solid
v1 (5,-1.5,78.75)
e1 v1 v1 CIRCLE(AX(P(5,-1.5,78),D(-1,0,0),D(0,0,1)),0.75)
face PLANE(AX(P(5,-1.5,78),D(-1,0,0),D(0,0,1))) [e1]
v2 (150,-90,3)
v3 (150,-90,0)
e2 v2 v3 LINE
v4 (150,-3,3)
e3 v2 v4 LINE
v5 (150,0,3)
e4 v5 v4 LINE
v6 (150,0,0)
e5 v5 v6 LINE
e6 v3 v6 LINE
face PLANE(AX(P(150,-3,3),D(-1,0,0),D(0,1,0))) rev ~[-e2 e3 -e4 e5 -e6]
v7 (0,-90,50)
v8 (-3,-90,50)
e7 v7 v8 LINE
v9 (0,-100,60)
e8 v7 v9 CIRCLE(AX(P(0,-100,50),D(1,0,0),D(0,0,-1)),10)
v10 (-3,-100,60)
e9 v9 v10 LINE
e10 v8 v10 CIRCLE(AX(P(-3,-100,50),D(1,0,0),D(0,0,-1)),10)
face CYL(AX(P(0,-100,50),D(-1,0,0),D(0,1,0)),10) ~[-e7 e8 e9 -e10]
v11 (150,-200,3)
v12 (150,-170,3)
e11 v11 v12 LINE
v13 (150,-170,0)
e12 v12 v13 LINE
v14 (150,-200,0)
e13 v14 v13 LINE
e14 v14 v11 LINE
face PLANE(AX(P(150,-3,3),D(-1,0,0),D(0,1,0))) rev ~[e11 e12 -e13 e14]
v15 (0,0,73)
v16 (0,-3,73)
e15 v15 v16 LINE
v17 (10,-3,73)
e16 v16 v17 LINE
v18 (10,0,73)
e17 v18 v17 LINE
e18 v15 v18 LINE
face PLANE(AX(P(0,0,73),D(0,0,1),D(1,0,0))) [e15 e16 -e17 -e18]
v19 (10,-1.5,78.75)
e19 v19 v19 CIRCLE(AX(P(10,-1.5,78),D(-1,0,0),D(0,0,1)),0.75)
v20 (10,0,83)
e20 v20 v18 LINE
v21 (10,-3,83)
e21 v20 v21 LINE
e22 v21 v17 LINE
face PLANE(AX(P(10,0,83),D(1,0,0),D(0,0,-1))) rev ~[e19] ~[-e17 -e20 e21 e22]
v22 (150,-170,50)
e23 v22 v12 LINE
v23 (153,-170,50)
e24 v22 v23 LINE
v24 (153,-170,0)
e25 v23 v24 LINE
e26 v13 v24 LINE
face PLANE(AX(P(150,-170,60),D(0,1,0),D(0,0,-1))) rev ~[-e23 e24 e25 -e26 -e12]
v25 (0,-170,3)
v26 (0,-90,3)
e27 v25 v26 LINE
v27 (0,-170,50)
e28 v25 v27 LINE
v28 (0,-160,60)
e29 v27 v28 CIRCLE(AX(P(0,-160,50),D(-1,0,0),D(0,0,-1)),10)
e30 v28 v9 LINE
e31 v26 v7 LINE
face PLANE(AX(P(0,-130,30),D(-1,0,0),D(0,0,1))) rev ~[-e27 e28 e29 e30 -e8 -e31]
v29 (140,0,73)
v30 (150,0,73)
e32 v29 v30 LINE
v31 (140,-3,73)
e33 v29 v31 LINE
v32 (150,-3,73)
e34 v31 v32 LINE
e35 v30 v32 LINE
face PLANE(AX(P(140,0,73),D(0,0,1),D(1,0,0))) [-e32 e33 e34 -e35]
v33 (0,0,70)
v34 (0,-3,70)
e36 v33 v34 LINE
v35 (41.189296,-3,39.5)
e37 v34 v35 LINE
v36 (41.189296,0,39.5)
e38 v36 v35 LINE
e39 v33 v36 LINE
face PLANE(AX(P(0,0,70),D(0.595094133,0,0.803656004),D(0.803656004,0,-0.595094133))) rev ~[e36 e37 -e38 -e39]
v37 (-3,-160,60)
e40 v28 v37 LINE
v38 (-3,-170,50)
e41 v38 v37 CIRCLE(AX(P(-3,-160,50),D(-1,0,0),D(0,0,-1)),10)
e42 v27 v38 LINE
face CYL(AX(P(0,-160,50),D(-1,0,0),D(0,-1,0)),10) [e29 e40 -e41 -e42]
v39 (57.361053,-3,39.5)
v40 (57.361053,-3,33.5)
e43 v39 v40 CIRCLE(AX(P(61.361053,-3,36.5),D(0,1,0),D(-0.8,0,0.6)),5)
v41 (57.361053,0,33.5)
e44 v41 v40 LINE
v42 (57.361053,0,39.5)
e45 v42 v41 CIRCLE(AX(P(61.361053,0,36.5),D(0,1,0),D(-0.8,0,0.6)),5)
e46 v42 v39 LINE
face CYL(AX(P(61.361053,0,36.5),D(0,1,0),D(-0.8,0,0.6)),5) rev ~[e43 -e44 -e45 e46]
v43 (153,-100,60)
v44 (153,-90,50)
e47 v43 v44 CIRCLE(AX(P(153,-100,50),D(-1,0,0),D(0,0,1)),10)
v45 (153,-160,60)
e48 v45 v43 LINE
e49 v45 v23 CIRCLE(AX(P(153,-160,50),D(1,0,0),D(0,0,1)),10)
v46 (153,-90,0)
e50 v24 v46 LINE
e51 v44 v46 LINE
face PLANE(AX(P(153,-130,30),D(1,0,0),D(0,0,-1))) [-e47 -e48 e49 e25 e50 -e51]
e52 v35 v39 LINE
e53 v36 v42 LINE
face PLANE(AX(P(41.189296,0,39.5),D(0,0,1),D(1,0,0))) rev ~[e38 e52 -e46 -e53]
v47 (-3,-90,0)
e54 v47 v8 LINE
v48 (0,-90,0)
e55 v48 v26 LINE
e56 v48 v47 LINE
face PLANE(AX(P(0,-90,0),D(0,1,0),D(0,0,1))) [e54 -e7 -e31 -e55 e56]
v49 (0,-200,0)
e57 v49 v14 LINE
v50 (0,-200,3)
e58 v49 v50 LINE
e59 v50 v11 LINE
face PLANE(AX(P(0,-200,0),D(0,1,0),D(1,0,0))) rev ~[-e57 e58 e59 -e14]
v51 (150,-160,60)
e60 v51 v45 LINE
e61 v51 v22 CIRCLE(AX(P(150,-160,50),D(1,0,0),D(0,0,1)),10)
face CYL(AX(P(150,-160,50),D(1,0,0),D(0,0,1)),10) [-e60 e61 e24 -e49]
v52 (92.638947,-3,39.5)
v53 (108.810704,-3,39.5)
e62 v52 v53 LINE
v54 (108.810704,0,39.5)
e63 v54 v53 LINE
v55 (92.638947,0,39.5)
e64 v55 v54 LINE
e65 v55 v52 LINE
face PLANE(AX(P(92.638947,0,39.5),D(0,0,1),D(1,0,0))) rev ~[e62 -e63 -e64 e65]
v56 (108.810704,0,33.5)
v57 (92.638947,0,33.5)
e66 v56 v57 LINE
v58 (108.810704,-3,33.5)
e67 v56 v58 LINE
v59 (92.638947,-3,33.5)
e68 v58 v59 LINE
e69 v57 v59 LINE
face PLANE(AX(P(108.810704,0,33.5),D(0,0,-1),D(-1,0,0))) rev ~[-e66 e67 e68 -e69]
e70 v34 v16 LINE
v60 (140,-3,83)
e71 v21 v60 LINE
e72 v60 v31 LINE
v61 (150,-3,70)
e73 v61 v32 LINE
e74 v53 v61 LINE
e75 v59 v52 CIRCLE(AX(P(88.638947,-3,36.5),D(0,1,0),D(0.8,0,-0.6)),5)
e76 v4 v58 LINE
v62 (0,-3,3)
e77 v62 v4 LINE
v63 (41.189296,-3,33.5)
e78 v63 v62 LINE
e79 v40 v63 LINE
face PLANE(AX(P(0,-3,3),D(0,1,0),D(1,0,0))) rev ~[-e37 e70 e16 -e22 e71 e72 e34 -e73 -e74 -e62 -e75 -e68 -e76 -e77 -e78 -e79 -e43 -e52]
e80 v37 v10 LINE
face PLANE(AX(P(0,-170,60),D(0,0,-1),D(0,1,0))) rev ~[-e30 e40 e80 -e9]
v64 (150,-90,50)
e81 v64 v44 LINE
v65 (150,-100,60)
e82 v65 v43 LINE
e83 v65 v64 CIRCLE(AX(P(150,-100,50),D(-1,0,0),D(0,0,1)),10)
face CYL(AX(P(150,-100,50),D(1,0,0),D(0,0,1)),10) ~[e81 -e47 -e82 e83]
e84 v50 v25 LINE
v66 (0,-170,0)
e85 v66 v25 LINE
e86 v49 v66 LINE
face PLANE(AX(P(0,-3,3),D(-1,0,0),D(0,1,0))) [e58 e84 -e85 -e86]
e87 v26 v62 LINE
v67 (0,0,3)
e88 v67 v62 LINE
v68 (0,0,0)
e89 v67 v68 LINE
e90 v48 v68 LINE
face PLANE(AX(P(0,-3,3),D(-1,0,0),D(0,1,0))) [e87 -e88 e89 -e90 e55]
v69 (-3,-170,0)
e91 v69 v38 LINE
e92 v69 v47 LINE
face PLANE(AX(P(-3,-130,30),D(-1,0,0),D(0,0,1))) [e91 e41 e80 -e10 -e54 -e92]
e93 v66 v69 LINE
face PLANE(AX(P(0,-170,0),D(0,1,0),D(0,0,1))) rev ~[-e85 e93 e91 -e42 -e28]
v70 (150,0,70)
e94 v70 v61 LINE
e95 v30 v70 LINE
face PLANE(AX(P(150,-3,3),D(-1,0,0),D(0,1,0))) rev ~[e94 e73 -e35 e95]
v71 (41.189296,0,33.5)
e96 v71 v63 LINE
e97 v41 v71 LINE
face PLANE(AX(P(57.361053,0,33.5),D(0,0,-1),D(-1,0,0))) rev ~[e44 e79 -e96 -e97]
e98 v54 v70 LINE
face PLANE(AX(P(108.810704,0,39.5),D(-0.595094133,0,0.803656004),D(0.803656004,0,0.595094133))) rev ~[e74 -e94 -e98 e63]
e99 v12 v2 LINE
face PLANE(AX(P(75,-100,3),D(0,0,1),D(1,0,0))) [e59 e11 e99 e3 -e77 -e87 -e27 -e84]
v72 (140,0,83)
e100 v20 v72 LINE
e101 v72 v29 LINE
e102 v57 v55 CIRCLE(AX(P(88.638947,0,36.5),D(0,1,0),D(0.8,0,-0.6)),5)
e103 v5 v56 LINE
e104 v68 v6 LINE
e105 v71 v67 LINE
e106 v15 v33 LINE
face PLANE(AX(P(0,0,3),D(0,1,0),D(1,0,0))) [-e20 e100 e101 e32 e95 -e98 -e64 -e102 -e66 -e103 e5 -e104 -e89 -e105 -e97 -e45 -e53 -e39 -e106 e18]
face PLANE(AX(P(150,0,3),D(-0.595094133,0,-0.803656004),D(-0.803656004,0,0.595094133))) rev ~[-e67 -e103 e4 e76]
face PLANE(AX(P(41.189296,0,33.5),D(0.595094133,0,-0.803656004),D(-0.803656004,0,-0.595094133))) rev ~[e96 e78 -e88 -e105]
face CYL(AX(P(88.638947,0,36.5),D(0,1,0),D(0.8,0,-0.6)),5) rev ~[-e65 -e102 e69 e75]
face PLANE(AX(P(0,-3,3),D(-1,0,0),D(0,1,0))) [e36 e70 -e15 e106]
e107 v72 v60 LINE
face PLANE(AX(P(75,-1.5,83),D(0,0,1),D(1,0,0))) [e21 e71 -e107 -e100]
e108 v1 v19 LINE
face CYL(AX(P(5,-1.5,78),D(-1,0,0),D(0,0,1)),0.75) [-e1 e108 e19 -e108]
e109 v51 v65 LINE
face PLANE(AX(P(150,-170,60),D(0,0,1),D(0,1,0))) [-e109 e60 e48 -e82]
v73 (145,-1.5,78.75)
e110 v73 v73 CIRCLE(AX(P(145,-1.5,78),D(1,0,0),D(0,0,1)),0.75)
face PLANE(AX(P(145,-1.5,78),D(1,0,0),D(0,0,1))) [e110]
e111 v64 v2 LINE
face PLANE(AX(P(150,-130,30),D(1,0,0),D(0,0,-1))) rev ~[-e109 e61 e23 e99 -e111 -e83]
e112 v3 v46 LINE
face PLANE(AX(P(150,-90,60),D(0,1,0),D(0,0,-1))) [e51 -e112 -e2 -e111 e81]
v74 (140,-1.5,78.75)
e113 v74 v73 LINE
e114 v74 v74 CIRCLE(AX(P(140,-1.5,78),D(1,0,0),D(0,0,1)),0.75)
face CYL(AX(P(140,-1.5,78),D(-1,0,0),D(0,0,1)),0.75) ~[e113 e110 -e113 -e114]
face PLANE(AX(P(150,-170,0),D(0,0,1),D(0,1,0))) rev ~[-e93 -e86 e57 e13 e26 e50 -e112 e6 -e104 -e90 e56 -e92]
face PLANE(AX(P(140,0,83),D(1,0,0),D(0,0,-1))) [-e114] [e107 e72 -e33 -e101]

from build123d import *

# Parameters (mm, degrees)
ESQUISSE1_W             = 150
ESQUISSE1_H             = 200
BOSS_EXTRU_1_DEPTH      = 3
ESQUISSE2_W             = 150
ESQUISSE2_H             = 3
BOSS_EXTRU_2_DEPTH      = 80
ESQUISSE3_W             = 10
ESQUISSE3_H             = 10
ENL_V_MAT_EXTRU_1_DEPTH = 80
ESQUISSE4_R             = 0.75
BOSS_EXTRU_3_DEPTH      = 5
BOSS_EXTRU_5_START      = 5
ESQUISSE6_R             = 0.75
BOSS_EXTRU_5_DEPTH      = 5
ENL_V_MAT_EXTRU_2_DEPTH = 3
ESQUISSE10_W            = 60
ESQUISSE10_H            = 80
BOSS_EXTRU_9_DEPTH      = 3
ESQUISSE11_W            = 60
ESQUISSE11_H            = 80
BOSS_EXTRU_10_DEPTH     = 3
CONG_1_R                = 10


with BuildPart() as part:
    # Esquisse1 → Boss.-Extru.1 (new body)
    with BuildSketch(Plane.XY):
        with Locations((75, -100)):
            Rectangle(ESQUISSE1_W, ESQUISSE1_H)
    extrude(amount=BOSS_EXTRU_1_DEPTH)

    # Esquisse2 → Boss.-Extru.2 (add)
    with BuildSketch(Plane.XY.offset(3)):
        with Locations((75, -1.5)):
            Rectangle(ESQUISSE2_W, ESQUISSE2_H)
    extrude(amount=BOSS_EXTRU_2_DEPTH)

    # Esquisse3 → Enlèv. mat.-Extru.1 (cut)
    with BuildSketch(Plane(origin=(0, 0, 0), x_dir=(1, 0, 0), z_dir=(0, 1, 0))):
        with Locations((5, -78)):
            Rectangle(ESQUISSE3_W, ESQUISSE3_H)
        with Locations((145, -78)):
            Rectangle(ESQUISSE3_W, ESQUISSE3_H)
    extrude(amount=-ENL_V_MAT_EXTRU_1_DEPTH, mode=Mode.SUBTRACT)

    # Esquisse4 → Boss.-Extru.3 (add)
    with BuildSketch(Plane(origin=(140, 0, 0), x_dir=(0, 0, -1), z_dir=(1, 0, 0))):
        with Locations(Location((-78, -1.5, 0), (0, 0, 180))):
            Circle(ESQUISSE4_R)
    extrude(amount=BOSS_EXTRU_3_DEPTH)

    # Esquisse6 → Boss.-Extru.5 (add)
    with BuildSketch(Plane.ZY.offset(-10).offset(BOSS_EXTRU_5_START)):
        with Locations((78, -1.5)):
            Circle(ESQUISSE6_R)
    extrude(amount=-BOSS_EXTRU_5_DEPTH)

    # Esquisse9 → Enlèv. mat.-Extru.2 (cut)
    with BuildSketch(Plane(origin=(0, 0, 0), x_dir=(1, 0, 0), z_dir=(0, 1, 0))):
        with BuildLine():
            Line((41.1892956, -33.5), (0, -3))
            Line((0, -3), (0, -70))
            Line((0, -70), (41.1892956, -39.5))
            Line((41.1892956, -39.5), (57.361053438, -39.5))
            ThreePointArc((57.361053438, -39.5), (66.361053438, -36.5), (57.361053438, -33.5))
            Line((57.361053438, -33.5), (41.1892956, -33.5))
        make_face()
        with BuildLine():
            Line((150, -70), (150, -3))
            Line((150, -3), (108.8107044, -33.5))
            Line((108.8107044, -33.5), (92.638946562, -33.5))
            ThreePointArc((92.638946562, -33.5), (83.638946562, -36.5), (92.638946562, -39.5))
            Line((92.638946562, -39.5), (108.8107044, -39.5))
            Line((108.8107044, -39.5), (150, -70))
        make_face()
    extrude(amount=-ENL_V_MAT_EXTRU_2_DEPTH, mode=Mode.SUBTRACT)

    # Esquisse10 → Boss.-Extru.9 (add)
    with BuildSketch(Plane.ZY):
        with Locations((30, -130)):
            Rectangle(ESQUISSE10_W, ESQUISSE10_H)
    extrude(amount=BOSS_EXTRU_9_DEPTH)

    # Esquisse11 → Boss.-Extru.10 (add)
    with BuildSketch(Plane(origin=(150, 0, 0), x_dir=(0, 0, -1), z_dir=(1, 0, 0))):
        with Locations((-30, -130)):
            Rectangle(ESQUISSE11_W, ESQUISSE11_H)
    extrude(amount=BOSS_EXTRU_10_DEPTH)

    # Congé1
    cong_1_edges = [part.edges().sort_by_distance(p)[0] for p in [
        (-1.5, -170, 60),
        (-1.5, -90, 60),
        (151.5, -90, 60),
        (151.5, -170, 60),
    ]]
    fillet(cong_1_edges, radius=CONG_1_R)


solid = part.part
